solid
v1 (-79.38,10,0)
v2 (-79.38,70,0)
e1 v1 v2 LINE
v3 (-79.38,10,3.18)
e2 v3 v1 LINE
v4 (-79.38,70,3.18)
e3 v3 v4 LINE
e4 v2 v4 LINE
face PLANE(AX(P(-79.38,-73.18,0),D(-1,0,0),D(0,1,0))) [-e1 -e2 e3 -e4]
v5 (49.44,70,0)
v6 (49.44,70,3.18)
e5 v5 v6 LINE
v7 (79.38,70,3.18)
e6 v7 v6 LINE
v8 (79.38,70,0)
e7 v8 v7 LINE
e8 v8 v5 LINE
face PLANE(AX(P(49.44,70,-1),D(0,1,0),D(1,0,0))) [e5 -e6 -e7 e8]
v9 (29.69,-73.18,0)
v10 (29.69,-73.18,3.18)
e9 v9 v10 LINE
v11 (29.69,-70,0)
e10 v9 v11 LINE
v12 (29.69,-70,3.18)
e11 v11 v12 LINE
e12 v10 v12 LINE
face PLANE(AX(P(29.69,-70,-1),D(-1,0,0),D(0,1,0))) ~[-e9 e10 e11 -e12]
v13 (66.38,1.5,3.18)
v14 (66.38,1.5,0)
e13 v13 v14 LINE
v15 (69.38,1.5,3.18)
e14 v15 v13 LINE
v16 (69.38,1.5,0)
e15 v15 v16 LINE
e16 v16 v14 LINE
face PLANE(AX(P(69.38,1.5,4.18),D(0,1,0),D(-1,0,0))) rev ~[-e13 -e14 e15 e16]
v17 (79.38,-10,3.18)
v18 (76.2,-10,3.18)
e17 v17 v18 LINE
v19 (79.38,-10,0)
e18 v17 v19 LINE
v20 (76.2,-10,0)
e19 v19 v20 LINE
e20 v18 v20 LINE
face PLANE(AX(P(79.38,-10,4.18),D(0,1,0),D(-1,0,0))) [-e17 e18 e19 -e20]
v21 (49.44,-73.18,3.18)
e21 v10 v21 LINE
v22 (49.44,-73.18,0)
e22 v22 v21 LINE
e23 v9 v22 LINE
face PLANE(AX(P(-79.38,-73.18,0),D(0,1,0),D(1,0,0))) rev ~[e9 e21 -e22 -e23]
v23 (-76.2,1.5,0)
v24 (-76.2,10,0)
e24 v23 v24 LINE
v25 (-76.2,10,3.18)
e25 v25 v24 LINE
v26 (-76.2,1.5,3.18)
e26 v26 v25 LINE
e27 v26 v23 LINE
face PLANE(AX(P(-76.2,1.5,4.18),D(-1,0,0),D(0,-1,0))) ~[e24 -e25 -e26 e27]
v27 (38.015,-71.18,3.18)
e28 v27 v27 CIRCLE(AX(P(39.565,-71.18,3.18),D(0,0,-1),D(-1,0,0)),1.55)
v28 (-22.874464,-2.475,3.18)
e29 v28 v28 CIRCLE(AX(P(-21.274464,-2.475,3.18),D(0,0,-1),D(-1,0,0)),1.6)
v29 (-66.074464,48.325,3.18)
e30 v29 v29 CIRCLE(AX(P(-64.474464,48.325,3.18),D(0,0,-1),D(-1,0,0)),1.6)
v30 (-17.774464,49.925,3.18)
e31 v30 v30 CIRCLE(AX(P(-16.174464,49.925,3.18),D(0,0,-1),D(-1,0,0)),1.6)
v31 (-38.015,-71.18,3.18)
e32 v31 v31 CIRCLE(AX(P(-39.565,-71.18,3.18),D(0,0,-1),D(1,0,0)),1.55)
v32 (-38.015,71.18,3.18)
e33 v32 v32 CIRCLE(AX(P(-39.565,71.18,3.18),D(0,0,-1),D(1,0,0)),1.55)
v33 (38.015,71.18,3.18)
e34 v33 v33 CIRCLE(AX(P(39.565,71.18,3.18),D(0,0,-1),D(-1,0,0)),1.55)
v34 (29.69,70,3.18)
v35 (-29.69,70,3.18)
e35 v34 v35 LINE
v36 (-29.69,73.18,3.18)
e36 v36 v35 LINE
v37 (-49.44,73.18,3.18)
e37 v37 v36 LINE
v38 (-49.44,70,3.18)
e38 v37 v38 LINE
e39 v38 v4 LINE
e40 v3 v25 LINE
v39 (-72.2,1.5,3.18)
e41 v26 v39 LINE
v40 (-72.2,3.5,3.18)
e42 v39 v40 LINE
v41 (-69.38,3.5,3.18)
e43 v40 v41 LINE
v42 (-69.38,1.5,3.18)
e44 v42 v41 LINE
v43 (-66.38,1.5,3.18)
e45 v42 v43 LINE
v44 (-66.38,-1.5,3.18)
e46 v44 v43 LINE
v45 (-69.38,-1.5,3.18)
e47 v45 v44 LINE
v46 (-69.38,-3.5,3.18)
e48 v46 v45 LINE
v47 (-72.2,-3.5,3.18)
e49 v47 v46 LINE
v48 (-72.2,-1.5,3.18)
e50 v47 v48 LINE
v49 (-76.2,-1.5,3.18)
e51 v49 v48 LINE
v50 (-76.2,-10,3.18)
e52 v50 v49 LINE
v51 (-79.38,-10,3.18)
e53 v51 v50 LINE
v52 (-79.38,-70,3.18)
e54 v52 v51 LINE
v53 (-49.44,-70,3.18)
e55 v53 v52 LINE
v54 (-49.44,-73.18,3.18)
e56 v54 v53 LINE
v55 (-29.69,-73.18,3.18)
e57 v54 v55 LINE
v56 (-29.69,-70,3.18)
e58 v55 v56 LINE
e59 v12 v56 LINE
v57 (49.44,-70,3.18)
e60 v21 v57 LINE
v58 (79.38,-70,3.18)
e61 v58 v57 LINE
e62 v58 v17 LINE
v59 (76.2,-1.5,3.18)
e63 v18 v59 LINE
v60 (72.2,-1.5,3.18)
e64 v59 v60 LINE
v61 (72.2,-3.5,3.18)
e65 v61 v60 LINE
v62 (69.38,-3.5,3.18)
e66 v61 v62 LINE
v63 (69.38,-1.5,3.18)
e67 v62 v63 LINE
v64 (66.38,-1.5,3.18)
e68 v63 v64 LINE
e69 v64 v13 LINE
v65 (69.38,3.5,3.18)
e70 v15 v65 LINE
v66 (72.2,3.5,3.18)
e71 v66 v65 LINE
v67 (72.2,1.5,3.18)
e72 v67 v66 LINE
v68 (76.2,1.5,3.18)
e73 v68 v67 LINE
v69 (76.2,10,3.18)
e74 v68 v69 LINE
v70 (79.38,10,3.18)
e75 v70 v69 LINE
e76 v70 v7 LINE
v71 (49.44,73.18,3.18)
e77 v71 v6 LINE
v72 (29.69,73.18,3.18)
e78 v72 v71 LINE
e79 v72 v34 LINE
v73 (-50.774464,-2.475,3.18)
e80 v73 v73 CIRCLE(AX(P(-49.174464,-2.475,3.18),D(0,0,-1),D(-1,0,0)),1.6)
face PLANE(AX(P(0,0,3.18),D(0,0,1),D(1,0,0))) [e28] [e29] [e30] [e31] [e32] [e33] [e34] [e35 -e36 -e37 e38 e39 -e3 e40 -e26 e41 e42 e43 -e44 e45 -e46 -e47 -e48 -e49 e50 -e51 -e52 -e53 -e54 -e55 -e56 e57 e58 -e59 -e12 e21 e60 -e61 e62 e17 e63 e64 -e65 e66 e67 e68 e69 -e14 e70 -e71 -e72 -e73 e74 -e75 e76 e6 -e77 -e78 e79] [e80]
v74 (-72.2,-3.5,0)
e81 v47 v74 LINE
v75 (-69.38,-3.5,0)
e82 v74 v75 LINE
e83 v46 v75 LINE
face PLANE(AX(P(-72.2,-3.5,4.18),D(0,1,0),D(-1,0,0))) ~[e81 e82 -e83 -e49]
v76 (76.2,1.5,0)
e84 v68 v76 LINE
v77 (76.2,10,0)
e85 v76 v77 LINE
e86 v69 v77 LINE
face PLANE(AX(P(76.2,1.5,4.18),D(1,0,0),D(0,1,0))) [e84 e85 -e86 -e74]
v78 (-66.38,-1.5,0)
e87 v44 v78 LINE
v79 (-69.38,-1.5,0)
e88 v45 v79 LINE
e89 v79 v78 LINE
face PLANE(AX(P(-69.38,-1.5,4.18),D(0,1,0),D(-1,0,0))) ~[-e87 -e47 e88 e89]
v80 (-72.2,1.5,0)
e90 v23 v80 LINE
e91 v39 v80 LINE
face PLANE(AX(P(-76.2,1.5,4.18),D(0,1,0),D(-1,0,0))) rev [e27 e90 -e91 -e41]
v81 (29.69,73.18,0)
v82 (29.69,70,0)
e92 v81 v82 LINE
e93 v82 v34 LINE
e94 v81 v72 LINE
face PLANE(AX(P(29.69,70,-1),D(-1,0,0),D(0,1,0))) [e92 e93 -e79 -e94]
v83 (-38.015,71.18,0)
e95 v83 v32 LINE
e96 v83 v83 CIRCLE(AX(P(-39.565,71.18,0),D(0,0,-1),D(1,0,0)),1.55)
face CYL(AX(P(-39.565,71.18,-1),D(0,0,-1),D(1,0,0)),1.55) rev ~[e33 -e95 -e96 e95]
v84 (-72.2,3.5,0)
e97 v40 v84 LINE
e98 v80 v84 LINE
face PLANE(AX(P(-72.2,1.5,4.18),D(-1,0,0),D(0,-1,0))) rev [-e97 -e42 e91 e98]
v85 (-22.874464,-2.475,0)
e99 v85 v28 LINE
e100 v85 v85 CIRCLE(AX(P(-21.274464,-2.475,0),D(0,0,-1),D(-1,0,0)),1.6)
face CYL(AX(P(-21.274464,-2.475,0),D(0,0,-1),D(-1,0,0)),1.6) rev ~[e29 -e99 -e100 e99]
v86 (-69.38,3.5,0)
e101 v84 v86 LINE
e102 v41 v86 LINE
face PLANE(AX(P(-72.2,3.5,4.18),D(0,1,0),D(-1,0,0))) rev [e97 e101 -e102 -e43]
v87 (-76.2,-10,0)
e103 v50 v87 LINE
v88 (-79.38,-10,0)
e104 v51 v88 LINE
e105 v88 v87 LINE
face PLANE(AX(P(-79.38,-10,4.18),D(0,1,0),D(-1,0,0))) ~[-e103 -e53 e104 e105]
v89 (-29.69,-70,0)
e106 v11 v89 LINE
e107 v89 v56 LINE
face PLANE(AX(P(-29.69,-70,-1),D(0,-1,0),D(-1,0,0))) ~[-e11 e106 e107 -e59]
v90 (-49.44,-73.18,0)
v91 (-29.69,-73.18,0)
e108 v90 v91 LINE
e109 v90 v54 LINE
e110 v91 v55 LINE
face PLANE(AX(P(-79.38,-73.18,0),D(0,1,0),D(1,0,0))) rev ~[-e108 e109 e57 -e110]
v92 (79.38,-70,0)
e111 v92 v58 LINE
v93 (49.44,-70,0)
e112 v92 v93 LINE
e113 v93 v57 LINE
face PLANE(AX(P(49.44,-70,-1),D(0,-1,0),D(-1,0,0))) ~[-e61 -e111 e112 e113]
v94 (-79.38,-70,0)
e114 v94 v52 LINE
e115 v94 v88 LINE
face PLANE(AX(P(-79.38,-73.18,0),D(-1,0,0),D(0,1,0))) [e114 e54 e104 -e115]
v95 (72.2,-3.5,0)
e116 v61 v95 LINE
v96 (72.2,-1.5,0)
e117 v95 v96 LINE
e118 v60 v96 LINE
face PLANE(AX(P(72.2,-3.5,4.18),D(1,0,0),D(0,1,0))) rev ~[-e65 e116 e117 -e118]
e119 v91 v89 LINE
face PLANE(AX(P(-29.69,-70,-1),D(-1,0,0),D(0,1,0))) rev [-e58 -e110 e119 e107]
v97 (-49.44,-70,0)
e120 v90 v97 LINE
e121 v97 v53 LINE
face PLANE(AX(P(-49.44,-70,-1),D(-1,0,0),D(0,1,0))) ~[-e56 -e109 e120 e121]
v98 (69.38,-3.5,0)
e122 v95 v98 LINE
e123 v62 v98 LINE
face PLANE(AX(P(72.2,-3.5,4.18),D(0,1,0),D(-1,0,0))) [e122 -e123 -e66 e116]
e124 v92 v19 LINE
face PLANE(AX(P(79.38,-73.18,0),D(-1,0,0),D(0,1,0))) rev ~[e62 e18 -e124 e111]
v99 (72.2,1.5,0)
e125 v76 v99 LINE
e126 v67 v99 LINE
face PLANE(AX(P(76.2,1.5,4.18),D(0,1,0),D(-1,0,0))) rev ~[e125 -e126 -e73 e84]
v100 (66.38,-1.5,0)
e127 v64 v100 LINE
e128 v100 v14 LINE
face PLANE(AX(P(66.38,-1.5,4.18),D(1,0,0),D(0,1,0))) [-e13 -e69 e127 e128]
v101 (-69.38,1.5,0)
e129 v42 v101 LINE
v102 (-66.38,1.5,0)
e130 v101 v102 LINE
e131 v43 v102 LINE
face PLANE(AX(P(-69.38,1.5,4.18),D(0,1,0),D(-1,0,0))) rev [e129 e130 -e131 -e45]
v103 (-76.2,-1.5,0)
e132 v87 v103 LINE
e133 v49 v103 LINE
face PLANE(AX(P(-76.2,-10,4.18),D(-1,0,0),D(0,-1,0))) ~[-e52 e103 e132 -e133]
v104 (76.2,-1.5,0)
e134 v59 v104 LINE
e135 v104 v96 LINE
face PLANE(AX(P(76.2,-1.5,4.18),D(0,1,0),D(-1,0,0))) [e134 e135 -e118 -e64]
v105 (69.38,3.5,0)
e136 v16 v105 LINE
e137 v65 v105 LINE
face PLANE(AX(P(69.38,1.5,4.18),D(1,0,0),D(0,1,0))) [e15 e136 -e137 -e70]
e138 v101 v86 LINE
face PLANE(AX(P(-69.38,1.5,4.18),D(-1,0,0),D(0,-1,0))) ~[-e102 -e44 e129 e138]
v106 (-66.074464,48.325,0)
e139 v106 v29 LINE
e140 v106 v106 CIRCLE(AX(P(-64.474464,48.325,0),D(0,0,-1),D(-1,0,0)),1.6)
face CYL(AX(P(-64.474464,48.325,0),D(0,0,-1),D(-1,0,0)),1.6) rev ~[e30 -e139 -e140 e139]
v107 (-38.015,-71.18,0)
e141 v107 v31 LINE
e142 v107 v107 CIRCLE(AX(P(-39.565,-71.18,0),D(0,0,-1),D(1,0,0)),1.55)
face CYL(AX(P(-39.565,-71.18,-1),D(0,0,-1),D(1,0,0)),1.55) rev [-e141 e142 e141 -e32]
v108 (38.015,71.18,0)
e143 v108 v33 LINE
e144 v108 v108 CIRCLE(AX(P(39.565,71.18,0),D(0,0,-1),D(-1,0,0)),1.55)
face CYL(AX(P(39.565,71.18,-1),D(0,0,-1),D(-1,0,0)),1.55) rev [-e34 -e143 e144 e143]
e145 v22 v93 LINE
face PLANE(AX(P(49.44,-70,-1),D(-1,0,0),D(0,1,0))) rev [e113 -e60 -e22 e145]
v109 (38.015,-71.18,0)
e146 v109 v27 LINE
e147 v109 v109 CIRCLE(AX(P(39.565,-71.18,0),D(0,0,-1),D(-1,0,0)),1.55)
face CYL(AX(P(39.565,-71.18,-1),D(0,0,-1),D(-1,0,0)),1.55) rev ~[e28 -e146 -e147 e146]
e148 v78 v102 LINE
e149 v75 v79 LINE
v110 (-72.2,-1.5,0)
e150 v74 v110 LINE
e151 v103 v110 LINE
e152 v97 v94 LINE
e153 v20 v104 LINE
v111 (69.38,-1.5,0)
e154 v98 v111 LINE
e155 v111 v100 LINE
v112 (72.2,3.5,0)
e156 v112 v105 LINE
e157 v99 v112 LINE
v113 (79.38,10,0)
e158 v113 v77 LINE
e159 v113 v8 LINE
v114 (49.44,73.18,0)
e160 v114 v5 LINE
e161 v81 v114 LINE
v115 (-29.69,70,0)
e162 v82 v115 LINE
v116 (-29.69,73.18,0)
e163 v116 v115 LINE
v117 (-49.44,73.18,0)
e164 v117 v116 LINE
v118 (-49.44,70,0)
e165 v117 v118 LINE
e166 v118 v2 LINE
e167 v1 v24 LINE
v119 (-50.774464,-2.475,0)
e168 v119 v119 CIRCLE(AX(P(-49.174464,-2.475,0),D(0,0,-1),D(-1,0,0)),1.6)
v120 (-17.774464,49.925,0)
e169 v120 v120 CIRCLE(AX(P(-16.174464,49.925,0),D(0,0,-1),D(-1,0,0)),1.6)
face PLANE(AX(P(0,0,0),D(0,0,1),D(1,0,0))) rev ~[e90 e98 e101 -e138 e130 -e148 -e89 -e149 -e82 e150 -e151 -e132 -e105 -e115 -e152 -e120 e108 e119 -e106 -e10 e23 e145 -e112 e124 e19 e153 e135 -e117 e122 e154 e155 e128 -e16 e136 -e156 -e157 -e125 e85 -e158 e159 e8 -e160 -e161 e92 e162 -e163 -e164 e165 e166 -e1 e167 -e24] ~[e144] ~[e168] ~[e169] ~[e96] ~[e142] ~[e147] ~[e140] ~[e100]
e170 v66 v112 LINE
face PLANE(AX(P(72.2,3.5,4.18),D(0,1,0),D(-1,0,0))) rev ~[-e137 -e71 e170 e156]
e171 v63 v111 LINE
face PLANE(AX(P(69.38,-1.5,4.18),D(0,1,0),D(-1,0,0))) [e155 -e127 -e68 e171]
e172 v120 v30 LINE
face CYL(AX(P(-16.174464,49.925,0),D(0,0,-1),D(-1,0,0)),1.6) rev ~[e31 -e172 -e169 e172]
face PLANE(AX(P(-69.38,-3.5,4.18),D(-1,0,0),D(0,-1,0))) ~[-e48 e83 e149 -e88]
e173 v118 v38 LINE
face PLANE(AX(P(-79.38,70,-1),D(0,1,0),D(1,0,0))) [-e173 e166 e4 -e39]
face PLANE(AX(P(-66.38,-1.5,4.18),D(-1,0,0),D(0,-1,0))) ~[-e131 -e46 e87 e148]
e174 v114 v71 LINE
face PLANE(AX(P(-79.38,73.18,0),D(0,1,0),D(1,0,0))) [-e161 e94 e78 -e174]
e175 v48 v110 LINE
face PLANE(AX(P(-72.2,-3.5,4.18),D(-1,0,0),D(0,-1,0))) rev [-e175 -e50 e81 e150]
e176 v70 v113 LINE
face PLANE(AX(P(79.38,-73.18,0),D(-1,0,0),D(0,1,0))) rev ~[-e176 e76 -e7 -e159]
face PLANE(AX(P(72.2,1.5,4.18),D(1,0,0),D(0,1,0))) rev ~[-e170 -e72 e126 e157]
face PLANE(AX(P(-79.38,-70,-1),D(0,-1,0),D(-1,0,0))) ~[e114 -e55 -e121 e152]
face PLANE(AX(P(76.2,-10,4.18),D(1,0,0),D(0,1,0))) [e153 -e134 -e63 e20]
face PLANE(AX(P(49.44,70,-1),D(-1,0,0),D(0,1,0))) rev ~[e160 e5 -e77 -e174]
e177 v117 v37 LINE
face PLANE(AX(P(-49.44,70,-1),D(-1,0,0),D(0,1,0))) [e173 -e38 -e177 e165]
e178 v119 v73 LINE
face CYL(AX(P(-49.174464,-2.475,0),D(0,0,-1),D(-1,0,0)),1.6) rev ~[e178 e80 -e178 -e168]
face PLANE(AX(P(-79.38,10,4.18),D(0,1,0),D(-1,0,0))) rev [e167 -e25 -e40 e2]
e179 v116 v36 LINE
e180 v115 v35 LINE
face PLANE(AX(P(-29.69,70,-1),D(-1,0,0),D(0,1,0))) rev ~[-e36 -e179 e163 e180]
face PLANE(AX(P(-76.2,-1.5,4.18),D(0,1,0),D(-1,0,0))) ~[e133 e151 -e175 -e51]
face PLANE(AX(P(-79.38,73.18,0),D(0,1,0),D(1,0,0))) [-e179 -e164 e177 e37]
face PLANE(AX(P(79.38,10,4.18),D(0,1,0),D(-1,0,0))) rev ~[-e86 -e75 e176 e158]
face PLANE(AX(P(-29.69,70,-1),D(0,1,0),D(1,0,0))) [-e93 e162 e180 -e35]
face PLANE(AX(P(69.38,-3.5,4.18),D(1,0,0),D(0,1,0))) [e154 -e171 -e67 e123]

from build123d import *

# Parameters (mm, degrees)
SKETCH1_W               = 158.76
SKETCH1_H               = 146.36
BOSS_EXTRUDE1_DEPTH     = 3.18
CUT_EXTRUDE1_START      = -4.18
SKETCH2_W               = 29.94
SKETCH2_H               = 3.18
SKETCH2_W_2             = 59.38
CUT_EXTRUDE1_DEPTH      = 5.18
CUT_EXTRUDE2_START      = -4.18
SKETCH3_R               = 1.55
CUT_EXTRUDE2_DEPTH      = 5.18
MIRROR3_START           = -4.18
MIRROR3_COPY_1_SKETCH_R = 1.55
MIRROR3_COPY_1_DEPTH    = 5.18
CUT_EXTRUDE3_START      = -4.18
SKETCH5_W               = 3.18
SKETCH5_H               = 20
SKETCH5_W_2             = 2.82
SKETCH5_H_2             = 7
SKETCH5_W_3             = 13
SKETCH5_H_3             = 3
CUT_EXTRUDE3_DEPTH      = 5.18
SKETCH7_R               = 1.6
CUT_EXTRUDE4_DEPTH      = 1
CUT_EXTRUDE4_DEPTH_BACK = 4.18


with BuildPart() as part:
    # Sketch1 → Boss-Extrude1 (new body)
    with BuildSketch(Plane.XY):
        Rectangle(SKETCH1_W, SKETCH1_H)
    extrude(amount=BOSS_EXTRUDE1_DEPTH)

    # Sketch2 → Cut-Extrude1 (cut)
    with BuildSketch(Plane.XY.offset(3.18).offset(CUT_EXTRUDE1_START)):
        with Locations((-64.41, 71.59)):
            Rectangle(SKETCH2_W, SKETCH2_H)
        with Locations((0, 71.59)):
            Rectangle(SKETCH2_W_2, SKETCH2_H)
        with Locations((64.41, 71.59)):
            Rectangle(SKETCH2_W, SKETCH2_H)
    cut_extrude1 = extrude(amount=CUT_EXTRUDE1_DEPTH, mode=Mode.SUBTRACT)

    # Mirror1: Cut-Extrude1 across plane
    add(cut_extrude1.mirror(Plane.ZX), mode=Mode.SUBTRACT)

    # Sketch3 → Cut-Extrude2 (cut)
    with BuildSketch(Plane.XY.offset(3.18).offset(CUT_EXTRUDE2_START)):
        with Locations((-39.565, -71.18)):
            Circle(SKETCH3_R)
    cut_extrude2 = extrude(amount=CUT_EXTRUDE2_DEPTH, mode=Mode.SUBTRACT)

    # Mirror2: Cut-Extrude2 across plane
    add(cut_extrude2.mirror(Plane(origin=(0, 0, 0), x_dir=(0, 0, 1), z_dir=(1, 0, 0))), mode=Mode.SUBTRACT)

    # Mirror3: Cut-Extrude2 across plane
    add(cut_extrude2.mirror(Plane.ZX), mode=Mode.SUBTRACT)

    # Mirror3 copy 1 sketch → Mirror3 copy 1 (cut)
    with BuildSketch(Plane(origin=(0, 0, 3.18), x_dir=(-1, 0, 0), z_dir=(0, 0, 1)).offset(MIRROR3_START)):
        with Locations((-39.565, -71.18)):
            Circle(MIRROR3_COPY_1_SKETCH_R)
    extrude(amount=MIRROR3_COPY_1_DEPTH, mode=Mode.SUBTRACT)

    # Sketch5 → Cut-Extrude3 (cut)
    with BuildSketch(Plane(origin=(0, 0, 0), x_dir=(-1, 0, 0), z_dir=(0, 0, -1)).offset(CUT_EXTRUDE3_START)):
        with Locations((-77.79, 0)):
            Rectangle(SKETCH5_W, SKETCH5_H)
        with Locations((-70.79, 0)):
            Rectangle(SKETCH5_W_2, SKETCH5_H_2)
        with Locations((-72.88, 0)):
            Rectangle(SKETCH5_W_3, SKETCH5_H_3)
    cut_extrude3 = extrude(amount=CUT_EXTRUDE3_DEPTH, mode=Mode.SUBTRACT)

    # Mirror4: Cut-Extrude3 across plane
    add(cut_extrude3.mirror(Plane(origin=(0, 0, 0), x_dir=(0, 0, 1), z_dir=(1, 0, 0))), mode=Mode.SUBTRACT)

    # Sketch7 → Cut-Extrude4 (cut, two sides)
    with BuildSketch(Plane(origin=(0, 0, 0), x_dir=(-1, 0, 0), z_dir=(0, 0, -1))) as cut_extrude4_sk:
        with Locations((64.474463585, 48.325)):
            Circle(SKETCH7_R)
        with Locations((16.174463585, 49.925)):
            Circle(SKETCH7_R)
        with Locations((49.174463585, -2.475)):
            Circle(SKETCH7_R)
        with Locations((21.274463585, -2.475)):
            Circle(SKETCH7_R)
    extrude(amount=CUT_EXTRUDE4_DEPTH, mode=Mode.SUBTRACT)
    extrude(cut_extrude4_sk.sketch, amount=-CUT_EXTRUDE4_DEPTH_BACK, mode=Mode.SUBTRACT)


solid = part.part
